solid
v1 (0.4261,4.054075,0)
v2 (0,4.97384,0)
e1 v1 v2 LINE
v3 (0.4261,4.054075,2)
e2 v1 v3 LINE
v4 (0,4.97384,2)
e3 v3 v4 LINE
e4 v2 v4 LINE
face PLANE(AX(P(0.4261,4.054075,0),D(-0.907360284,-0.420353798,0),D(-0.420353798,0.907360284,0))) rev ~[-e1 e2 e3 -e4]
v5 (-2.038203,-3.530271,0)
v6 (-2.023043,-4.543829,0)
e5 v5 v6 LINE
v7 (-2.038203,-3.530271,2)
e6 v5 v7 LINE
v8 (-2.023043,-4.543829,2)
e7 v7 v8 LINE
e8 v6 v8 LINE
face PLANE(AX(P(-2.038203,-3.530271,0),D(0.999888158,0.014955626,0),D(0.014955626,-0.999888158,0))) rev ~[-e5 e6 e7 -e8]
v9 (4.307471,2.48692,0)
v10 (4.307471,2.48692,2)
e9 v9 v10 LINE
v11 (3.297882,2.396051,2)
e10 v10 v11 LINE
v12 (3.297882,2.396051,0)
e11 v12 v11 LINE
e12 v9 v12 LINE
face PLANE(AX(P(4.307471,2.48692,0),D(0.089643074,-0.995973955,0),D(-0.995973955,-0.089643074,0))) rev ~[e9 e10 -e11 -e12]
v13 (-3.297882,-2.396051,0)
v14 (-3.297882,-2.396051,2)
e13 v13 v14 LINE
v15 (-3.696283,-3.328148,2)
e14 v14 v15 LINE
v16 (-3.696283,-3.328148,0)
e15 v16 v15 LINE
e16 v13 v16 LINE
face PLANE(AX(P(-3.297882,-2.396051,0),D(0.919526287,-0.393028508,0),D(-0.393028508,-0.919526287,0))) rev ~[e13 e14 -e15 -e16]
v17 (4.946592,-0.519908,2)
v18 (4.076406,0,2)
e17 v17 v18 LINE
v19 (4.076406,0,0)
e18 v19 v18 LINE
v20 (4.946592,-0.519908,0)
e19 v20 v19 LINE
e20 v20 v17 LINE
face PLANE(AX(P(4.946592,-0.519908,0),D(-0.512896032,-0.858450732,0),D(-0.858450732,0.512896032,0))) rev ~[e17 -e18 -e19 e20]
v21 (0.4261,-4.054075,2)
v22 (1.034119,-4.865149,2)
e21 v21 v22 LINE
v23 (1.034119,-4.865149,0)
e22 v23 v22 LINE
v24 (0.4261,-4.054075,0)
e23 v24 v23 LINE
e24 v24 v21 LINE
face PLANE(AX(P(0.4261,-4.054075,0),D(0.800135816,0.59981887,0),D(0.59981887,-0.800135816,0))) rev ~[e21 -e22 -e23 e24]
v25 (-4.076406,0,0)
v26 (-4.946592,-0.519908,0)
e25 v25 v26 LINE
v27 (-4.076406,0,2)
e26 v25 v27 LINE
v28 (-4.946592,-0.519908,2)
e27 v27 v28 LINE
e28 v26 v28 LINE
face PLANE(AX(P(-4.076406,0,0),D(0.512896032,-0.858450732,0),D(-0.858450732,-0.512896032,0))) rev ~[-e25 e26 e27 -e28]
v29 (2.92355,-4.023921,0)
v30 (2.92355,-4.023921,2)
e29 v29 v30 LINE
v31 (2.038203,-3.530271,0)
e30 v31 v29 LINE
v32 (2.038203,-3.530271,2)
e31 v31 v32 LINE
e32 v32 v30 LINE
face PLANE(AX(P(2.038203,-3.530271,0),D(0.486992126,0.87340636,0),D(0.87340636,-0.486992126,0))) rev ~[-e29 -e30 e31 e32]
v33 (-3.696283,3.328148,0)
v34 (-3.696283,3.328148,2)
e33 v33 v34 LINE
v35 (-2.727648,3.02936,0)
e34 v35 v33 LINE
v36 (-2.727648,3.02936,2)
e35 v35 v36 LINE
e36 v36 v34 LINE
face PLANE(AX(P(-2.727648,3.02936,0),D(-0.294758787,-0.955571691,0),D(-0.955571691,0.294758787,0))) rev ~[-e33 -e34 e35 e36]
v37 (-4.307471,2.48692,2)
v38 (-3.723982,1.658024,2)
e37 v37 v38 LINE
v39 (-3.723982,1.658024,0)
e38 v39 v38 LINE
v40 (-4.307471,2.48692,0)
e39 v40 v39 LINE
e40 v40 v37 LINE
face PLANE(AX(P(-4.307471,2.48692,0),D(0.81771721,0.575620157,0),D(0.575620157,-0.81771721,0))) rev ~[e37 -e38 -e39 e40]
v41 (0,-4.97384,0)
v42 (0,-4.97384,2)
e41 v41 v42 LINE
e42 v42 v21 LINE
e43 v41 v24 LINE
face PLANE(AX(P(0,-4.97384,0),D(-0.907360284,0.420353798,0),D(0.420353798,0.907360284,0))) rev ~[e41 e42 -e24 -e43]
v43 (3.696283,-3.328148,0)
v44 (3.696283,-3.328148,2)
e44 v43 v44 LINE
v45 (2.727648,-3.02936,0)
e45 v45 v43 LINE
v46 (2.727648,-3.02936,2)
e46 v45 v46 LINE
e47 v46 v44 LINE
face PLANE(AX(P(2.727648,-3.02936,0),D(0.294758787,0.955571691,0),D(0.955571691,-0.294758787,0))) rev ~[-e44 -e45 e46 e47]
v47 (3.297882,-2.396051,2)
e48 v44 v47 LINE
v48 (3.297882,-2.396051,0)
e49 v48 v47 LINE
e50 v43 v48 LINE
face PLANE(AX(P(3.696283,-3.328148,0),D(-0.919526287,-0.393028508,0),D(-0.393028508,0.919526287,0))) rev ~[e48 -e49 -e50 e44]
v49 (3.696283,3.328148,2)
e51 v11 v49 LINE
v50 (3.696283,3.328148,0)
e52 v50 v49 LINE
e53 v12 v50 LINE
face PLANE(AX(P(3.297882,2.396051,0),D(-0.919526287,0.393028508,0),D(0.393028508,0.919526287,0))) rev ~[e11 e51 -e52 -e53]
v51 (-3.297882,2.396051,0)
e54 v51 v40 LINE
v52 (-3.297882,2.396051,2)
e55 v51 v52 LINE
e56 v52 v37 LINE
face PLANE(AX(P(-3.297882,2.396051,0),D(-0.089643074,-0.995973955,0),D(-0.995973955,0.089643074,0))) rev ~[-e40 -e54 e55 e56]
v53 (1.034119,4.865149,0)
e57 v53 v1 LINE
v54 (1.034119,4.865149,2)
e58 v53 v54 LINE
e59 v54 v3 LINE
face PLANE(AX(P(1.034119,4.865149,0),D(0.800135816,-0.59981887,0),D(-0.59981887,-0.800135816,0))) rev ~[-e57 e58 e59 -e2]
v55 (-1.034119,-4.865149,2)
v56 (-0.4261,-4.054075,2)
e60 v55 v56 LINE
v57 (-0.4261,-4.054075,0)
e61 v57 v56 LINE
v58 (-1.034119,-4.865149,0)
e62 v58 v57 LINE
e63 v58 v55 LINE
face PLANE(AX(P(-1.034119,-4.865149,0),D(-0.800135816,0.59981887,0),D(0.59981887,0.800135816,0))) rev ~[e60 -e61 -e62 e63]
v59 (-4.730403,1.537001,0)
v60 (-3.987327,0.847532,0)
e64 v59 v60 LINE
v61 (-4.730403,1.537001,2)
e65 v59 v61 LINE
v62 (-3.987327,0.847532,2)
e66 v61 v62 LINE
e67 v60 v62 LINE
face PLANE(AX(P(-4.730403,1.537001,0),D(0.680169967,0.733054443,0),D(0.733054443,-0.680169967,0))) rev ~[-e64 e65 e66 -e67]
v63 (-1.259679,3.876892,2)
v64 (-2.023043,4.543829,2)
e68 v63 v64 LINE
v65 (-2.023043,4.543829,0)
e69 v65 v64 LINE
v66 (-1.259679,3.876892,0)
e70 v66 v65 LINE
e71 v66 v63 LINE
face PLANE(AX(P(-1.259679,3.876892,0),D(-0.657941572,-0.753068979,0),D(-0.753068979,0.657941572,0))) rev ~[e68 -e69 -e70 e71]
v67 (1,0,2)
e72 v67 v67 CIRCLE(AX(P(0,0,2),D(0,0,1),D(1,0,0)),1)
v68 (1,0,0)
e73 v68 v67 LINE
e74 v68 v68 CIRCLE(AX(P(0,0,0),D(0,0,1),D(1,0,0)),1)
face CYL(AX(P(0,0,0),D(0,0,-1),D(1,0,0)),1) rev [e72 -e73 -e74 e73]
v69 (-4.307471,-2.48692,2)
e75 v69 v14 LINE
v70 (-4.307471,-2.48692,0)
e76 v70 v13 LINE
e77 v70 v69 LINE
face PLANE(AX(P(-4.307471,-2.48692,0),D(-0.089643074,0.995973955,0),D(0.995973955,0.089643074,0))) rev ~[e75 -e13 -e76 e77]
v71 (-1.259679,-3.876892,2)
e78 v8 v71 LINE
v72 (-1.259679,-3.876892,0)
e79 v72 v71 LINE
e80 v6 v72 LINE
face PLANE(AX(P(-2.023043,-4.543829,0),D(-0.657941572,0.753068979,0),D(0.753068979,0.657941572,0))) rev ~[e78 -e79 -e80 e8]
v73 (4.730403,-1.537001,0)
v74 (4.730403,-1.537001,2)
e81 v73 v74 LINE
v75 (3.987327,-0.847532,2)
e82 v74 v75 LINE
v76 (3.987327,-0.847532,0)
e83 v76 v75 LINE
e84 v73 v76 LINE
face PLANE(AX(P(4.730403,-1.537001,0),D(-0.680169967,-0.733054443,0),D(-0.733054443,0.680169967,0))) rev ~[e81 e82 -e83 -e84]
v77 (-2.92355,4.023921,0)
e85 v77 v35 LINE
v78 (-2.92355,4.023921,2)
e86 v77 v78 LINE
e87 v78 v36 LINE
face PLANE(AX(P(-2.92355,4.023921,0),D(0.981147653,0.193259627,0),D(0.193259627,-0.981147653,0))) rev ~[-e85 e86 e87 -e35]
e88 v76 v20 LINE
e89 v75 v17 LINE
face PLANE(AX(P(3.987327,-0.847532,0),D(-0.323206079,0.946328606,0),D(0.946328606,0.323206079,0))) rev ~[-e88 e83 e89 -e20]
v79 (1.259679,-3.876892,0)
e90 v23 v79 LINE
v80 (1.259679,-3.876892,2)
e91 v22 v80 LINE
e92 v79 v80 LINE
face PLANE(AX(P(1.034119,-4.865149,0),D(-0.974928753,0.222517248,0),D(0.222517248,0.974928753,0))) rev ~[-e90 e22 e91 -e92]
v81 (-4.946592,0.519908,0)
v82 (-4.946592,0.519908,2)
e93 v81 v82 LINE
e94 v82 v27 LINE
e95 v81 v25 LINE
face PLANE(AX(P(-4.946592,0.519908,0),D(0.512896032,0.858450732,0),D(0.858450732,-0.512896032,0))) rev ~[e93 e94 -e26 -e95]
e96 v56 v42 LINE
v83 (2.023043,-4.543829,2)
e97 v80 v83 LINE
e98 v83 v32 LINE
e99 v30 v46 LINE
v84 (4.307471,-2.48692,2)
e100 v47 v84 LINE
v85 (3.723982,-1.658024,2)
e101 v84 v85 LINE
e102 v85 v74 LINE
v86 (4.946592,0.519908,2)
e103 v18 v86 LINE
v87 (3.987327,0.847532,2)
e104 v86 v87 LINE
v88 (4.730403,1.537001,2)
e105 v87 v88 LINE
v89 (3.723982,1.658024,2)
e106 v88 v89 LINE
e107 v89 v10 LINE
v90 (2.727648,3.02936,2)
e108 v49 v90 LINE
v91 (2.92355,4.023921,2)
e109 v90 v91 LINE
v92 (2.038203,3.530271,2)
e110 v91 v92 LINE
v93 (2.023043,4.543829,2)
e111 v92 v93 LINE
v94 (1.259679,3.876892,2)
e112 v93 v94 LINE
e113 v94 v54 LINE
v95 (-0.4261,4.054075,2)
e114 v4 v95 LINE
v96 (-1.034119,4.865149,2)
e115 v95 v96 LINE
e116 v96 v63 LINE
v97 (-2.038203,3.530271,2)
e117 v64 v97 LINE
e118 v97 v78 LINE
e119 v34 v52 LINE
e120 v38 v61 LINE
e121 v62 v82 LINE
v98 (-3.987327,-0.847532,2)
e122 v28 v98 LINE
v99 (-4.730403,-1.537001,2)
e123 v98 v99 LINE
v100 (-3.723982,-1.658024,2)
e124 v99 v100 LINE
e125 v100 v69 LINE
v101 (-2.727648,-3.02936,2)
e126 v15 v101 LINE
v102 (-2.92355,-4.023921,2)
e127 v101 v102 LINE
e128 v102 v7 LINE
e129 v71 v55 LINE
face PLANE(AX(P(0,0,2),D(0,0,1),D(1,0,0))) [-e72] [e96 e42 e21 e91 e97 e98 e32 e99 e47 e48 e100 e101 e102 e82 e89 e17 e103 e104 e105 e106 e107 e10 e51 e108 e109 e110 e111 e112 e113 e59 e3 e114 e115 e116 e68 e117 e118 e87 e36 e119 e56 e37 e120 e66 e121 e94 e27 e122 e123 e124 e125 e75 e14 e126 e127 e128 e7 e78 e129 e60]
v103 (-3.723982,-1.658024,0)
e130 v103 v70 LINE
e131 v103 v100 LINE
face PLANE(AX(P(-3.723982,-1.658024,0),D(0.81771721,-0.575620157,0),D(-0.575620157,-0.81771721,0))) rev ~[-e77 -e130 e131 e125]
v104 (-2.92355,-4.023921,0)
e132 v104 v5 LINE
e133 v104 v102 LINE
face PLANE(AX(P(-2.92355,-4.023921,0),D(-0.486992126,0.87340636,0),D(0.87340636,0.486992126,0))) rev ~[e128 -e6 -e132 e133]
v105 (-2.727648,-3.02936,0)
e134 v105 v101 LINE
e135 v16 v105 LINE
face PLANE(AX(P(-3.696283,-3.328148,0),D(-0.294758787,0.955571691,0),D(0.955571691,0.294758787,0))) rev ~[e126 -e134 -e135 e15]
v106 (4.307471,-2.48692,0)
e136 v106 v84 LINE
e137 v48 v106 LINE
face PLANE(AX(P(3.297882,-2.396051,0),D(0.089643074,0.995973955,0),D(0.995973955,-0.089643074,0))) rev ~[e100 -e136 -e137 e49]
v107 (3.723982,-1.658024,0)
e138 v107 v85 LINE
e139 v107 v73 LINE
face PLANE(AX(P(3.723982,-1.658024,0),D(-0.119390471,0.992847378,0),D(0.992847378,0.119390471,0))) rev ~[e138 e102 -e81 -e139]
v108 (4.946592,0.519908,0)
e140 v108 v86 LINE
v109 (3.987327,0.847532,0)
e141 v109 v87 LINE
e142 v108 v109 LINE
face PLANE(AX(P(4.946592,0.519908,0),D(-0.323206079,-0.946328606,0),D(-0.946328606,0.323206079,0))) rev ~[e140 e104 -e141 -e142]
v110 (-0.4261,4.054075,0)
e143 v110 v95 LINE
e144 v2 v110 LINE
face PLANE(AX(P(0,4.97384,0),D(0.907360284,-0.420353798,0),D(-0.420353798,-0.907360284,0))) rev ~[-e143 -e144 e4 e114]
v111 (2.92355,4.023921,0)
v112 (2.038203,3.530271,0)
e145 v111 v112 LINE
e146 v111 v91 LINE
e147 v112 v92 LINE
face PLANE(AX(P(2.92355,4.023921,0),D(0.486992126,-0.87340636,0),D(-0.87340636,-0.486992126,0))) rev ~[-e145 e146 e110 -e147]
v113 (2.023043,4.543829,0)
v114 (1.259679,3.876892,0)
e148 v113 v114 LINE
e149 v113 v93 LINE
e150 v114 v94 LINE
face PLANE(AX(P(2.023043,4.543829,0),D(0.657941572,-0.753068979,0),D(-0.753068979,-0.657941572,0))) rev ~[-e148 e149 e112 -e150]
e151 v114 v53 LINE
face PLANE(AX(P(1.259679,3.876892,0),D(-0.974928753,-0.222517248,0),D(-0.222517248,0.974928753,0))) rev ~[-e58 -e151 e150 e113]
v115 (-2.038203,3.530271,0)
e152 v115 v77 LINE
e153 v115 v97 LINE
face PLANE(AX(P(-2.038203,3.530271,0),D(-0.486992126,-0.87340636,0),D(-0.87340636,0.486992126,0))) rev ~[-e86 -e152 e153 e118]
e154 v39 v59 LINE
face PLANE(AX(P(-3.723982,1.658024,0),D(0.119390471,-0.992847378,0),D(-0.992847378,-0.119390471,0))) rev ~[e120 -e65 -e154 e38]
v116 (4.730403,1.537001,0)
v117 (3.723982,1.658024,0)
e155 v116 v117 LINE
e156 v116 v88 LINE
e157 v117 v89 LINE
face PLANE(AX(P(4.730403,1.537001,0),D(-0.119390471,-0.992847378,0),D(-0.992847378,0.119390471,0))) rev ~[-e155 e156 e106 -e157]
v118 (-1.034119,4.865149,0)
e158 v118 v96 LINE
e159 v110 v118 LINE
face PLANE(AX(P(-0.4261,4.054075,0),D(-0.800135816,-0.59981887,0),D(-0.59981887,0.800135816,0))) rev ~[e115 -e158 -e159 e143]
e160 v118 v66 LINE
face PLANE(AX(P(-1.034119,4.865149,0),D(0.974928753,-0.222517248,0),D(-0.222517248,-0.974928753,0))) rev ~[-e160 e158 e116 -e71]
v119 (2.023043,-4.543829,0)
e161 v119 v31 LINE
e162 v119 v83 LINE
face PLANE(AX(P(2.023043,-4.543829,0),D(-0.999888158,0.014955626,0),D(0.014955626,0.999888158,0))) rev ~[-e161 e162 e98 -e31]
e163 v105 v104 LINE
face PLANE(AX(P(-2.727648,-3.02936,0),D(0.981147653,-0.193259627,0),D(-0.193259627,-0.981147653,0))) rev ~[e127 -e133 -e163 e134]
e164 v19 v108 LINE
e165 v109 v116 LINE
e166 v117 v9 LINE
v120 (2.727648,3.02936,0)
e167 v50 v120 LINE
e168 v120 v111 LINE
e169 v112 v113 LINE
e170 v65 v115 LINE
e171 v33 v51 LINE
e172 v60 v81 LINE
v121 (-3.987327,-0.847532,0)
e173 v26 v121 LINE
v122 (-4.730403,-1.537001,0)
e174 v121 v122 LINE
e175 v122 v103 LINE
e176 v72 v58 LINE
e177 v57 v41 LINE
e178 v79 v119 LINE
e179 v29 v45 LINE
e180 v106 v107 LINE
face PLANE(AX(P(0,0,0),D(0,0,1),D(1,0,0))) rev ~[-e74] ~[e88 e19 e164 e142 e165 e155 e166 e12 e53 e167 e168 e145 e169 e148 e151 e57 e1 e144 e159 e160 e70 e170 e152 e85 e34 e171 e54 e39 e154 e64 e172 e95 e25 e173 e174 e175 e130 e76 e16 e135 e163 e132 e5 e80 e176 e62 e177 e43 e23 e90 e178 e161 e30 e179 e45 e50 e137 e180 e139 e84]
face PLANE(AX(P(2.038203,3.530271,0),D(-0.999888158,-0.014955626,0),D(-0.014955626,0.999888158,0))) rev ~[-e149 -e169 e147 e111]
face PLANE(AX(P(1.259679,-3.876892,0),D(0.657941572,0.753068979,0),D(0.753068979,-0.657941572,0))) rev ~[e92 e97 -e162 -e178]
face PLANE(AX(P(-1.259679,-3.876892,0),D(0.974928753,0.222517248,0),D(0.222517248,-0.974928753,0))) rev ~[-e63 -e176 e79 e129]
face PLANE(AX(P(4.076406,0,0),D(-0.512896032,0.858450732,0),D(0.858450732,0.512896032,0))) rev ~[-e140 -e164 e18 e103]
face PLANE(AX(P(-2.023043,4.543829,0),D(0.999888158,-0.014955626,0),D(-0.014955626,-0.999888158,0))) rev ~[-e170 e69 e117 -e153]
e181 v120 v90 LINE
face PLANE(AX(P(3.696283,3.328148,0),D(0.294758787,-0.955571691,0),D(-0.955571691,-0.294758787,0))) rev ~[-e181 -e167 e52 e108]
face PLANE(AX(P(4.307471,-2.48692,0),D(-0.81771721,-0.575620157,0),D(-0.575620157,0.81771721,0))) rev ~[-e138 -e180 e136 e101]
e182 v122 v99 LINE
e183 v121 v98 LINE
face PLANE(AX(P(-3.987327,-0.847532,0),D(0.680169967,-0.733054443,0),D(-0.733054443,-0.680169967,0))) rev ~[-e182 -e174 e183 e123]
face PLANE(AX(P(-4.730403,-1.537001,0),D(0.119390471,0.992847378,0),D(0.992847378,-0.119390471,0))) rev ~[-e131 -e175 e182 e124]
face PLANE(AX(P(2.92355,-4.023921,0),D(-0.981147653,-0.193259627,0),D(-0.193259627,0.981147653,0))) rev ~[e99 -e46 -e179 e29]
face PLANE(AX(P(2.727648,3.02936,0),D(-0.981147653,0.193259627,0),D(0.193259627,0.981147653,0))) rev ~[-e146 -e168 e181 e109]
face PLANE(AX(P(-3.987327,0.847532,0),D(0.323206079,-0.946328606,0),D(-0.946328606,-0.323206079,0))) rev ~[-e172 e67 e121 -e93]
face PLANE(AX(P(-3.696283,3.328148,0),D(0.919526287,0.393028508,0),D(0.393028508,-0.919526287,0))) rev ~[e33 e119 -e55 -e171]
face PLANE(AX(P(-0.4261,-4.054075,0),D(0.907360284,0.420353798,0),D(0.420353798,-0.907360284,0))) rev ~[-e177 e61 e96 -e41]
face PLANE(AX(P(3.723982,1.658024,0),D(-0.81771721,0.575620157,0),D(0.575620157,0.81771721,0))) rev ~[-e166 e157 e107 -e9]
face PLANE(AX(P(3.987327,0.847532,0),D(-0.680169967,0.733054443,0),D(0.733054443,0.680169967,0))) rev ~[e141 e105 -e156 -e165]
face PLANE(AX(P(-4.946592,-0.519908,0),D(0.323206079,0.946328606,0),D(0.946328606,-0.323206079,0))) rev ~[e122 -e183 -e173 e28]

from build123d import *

# Parameters (mm, degrees)
SKETCH1_R           = 1
BOSS_EXTRUDE3_DEPTH = 2


with BuildPart() as part:
    # Sketch1 → Boss-Extrude3 (new body)
    with BuildSketch(Plane.XY):
        Polygon((0, 4.973839636), (-0.426100438, 4.054074865), (-1.034119408, 4.865149306), (-1.259678681, 3.87689234), (-2.023042837, 4.543828606), (-2.038202921, 3.530271016), (-2.923549585, 4.023920792), (-2.727647913, 3.029359908), (-3.696283188, 3.328148331), (-3.297881603, 2.396051237), (-4.307471479, 2.486919818), (-3.723982041, 1.658023628), (-4.730402596, 1.537000975), (-3.987326594, 0.847532431), (-4.946592422, 0.519907814), (-4.076405843, 0), (-4.946592422, -0.519907814), (-3.987326594, -0.847532431), (-4.730402596, -1.537000975), (-3.723982041, -1.658023628), (-4.307471479, -2.486919818), (-3.297881603, -2.396051237), (-3.696283188, -3.328148331), (-2.727647913, -3.029359908), (-2.923549585, -4.023920792), (-2.038202921, -3.530271016), (-2.023042837, -4.543828606), (-1.259678681, -3.87689234), (-1.034119408, -4.865149306), (-0.426100438, -4.054074865), (0, -4.973839636), (0.426100438, -4.054074865), (1.034119408, -4.865149306), (1.259678681, -3.87689234), (2.023042837, -4.543828606), (2.038202921, -3.530271016), (2.923549585, -4.023920792), (2.727647913, -3.029359908), (3.696283188, -3.328148331), (3.297881603, -2.396051237), (4.307471479, -2.486919818), (3.723982041, -1.658023628), (4.730402596, -1.537000975), (3.987326594, -0.847532431), (4.946592422, -0.519907814), (4.076405843, 0), (4.946592422, 0.519907814), (3.987326594, 0.847532431), (4.730402596, 1.537000975), (3.723982041, 1.658023628), (4.307471479, 2.486919818), (3.297881603, 2.396051237), (3.696283188, 3.328148331), (2.727647913, 3.029359908), (2.923549585, 4.023920792), (2.038202921, 3.530271016), (2.023042837, 4.543828606), (1.259678681, 3.87689234), (1.034119408, 4.865149306), (0.426100438, 4.054074865), align=None)
        Circle(SKETCH1_R, mode=Mode.SUBTRACT)
    extrude(amount=BOSS_EXTRUDE3_DEPTH)


solid = part.part
